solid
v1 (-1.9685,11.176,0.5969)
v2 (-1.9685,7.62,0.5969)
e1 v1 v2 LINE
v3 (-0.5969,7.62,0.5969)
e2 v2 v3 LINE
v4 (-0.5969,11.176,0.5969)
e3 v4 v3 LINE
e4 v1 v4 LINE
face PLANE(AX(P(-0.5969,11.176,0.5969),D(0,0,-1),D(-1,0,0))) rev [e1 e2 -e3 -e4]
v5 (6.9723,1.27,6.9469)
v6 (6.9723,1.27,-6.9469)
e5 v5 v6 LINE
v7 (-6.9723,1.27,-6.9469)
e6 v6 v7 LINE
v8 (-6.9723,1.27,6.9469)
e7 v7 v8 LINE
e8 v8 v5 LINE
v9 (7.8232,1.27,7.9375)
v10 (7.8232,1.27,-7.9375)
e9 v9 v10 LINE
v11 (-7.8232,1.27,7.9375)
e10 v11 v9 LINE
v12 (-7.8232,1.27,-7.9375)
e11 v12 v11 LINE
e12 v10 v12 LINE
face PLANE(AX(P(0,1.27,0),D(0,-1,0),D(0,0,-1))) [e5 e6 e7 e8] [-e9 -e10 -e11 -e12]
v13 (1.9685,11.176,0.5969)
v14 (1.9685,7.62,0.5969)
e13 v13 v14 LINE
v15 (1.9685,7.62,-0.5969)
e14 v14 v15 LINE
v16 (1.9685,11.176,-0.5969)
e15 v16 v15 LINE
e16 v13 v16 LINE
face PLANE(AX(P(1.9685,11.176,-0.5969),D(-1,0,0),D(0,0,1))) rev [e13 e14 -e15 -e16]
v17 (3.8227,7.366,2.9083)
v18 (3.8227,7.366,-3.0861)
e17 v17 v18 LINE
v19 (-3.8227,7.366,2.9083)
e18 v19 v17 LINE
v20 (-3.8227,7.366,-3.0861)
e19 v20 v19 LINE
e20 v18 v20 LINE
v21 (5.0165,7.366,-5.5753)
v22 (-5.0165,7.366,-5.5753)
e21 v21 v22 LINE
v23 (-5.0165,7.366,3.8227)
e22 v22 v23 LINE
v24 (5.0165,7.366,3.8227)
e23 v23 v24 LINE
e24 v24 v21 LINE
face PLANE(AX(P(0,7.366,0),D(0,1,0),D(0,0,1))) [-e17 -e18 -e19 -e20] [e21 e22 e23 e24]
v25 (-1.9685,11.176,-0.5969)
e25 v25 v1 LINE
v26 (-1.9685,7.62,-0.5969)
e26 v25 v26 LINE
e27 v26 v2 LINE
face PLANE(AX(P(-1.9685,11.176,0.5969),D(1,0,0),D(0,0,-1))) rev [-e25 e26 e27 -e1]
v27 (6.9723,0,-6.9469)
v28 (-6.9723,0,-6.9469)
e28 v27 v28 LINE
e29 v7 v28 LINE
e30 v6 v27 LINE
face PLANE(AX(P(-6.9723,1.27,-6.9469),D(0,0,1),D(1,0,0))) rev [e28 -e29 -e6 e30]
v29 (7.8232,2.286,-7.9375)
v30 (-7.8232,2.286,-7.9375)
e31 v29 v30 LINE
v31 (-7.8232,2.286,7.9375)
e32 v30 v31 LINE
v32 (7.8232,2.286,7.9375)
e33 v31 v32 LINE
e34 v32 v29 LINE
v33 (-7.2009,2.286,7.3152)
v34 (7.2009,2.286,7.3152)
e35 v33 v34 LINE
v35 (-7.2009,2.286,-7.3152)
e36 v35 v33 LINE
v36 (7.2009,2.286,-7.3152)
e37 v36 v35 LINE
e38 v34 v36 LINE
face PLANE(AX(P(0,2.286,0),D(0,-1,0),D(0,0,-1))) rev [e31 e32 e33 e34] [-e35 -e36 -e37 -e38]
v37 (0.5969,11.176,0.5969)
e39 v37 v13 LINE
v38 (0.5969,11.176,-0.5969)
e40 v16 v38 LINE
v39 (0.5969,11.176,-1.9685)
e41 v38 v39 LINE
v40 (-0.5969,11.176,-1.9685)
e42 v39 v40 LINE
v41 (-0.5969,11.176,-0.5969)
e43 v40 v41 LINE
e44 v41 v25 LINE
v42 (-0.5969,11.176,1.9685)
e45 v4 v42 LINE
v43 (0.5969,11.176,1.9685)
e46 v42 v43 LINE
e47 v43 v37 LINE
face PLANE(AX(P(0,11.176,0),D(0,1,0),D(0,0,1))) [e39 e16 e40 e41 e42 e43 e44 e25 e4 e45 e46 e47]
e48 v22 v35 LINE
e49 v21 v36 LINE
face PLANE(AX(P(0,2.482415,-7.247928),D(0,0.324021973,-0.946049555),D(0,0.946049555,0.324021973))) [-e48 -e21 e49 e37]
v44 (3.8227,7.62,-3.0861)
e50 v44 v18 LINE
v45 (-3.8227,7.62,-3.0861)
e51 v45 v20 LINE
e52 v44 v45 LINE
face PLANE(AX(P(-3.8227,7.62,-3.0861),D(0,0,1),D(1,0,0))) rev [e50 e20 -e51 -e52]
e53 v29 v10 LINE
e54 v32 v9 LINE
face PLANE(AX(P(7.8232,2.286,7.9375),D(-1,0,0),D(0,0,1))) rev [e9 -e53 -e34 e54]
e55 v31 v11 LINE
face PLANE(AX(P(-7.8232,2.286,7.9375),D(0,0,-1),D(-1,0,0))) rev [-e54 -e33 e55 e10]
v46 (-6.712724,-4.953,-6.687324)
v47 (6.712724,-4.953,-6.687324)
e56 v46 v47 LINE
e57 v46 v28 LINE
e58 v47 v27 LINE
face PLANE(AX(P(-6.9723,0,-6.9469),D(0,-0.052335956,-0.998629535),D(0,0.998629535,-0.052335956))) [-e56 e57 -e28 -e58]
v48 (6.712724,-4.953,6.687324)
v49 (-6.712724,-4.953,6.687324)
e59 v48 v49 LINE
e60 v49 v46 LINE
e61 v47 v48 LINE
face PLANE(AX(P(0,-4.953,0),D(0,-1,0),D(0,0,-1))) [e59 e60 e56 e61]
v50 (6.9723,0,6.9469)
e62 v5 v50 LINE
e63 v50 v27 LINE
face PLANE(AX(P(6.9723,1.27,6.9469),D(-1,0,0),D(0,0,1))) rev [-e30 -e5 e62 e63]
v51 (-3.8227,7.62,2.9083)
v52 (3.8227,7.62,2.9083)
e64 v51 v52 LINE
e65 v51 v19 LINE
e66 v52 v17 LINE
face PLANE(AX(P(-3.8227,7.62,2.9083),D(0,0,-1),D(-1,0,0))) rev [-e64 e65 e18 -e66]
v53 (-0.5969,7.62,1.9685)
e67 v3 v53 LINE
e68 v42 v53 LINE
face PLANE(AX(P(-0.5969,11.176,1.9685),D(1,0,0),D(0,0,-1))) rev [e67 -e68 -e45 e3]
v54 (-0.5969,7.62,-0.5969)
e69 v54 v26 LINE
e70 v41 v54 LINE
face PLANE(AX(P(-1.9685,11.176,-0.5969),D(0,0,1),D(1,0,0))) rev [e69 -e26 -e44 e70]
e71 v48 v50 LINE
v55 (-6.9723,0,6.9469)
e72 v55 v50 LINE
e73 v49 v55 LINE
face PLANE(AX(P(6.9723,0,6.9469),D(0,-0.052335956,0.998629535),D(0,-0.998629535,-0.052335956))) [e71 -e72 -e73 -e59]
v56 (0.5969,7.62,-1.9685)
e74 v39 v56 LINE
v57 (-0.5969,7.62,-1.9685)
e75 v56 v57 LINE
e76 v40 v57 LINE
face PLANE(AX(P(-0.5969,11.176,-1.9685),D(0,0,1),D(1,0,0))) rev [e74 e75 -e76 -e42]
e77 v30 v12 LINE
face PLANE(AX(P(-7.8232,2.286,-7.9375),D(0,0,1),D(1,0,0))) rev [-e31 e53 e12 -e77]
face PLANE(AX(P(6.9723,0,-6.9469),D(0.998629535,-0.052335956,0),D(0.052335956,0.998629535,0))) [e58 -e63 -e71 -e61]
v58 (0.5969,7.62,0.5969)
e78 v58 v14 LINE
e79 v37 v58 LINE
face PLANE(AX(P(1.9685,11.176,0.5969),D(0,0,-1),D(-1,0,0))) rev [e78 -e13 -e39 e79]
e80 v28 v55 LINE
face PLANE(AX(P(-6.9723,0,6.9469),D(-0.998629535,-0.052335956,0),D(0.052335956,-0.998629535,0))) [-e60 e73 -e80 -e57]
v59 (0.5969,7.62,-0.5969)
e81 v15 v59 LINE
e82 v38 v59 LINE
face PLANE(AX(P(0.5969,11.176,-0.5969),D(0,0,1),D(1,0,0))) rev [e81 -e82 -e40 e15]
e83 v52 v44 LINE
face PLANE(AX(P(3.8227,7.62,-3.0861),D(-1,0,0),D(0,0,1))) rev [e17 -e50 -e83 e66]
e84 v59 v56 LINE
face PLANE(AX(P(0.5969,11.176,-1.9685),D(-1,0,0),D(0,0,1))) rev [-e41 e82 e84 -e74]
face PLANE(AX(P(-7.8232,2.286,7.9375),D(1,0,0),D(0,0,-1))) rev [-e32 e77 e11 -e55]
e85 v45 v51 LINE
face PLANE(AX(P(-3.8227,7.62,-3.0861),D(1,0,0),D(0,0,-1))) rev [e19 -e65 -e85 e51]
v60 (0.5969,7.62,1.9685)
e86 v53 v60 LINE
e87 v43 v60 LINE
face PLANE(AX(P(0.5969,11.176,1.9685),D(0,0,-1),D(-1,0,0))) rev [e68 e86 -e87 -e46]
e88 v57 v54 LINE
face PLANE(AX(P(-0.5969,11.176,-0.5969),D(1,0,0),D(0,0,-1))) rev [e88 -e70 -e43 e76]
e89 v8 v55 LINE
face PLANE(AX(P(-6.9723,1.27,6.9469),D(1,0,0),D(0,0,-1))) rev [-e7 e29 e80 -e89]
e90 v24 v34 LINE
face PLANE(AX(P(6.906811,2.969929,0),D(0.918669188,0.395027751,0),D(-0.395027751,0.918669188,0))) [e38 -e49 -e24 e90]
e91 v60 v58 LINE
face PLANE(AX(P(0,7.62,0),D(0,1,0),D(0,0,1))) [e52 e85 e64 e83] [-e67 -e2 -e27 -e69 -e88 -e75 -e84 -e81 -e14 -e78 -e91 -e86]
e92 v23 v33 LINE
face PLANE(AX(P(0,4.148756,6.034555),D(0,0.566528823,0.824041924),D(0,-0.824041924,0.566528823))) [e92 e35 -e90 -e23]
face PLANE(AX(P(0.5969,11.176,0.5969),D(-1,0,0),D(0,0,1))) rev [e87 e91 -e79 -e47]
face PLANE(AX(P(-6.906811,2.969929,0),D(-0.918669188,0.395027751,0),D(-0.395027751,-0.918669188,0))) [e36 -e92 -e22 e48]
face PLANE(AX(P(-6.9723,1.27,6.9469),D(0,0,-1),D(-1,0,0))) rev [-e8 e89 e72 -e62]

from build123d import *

# Parameters (mm, degrees)
SKETCH1_W           = 13.9446
SKETCH1_H           = 13.8938
BOSS_EXTRUDE1_DEPTH = 1.27
SKETCH2_W           = 15.6464
SKETCH2_H           = 15.875
BOSS_EXTRUDE2_DEPTH = 1.016
SKETCH6_W           = 7.6454
SKETCH6_H           = 5.9944
BOSS_EXTRUDE4_DEPTH = 0.254
BOSS_EXTRUDE5_DEPTH = 3.556
SKETCH8_W           = 13.9446
SKETCH8_H           = 13.8938
BOSS_EXTRUDE6_DEPTH = 4.953
BOSS_EXTRUDE6_TAPER = 3


with BuildPart() as part:
    # Sketch1 → Boss-Extrude1 (new body)
    with BuildSketch(Plane(origin=(0, 0, 0), x_dir=(1, 0, 0), z_dir=(0, 1, 0))):
        Rectangle(SKETCH1_W, SKETCH1_H)
    extrude(amount=BOSS_EXTRUDE1_DEPTH)

    # Sketch2 → Boss-Extrude2 (add)
    with BuildSketch(Plane(origin=(0, 1.27, 0), x_dir=(1, 0, 0), z_dir=(0, 1, 0))):
        Rectangle(SKETCH2_W, SKETCH2_H)
    extrude(amount=BOSS_EXTRUDE2_DEPTH)

    # Sketch4 → Loft1 section 0
    with BuildSketch(Plane(origin=(0, 7.366, 0), x_dir=(1, 0, 0), z_dir=(0, 1, 0))):
        with BuildLine():
            Line((-5.0165, 5.5753), (5.0165, 5.5753))
            Line((5.0165, 5.5753), (5.0165, -3.8227))
            Line((5.0165, -3.8227), (-5.0165, -3.8227))
            Line((-5.0165, -3.8227), (-5.0165, 5.5753))
        make_face()
    # Sketch3 → Loft1 section 1
    with BuildSketch(Plane(origin=(0, 2.286, 0), x_dir=(1, 0, 0), z_dir=(0, 1, 0))):
        with BuildLine():
            Line((-7.2009, -7.3152), (7.2009, -7.3152))
            Line((7.2009, -7.3152), (7.2009, 7.3152))
            Line((7.2009, 7.3152), (-7.2009, 7.3152))
            Line((-7.2009, 7.3152), (-7.2009, -7.3152))
        make_face()
    loft()

    # Sketch6 → Boss-Extrude4 (add)
    with BuildSketch(Plane(origin=(0, 7.366, 0), x_dir=(1, 0, 0), z_dir=(0, 1, 0))):
        with Locations((0, 0.0889)):
            Rectangle(SKETCH6_W, SKETCH6_H)
    extrude(amount=BOSS_EXTRUDE4_DEPTH)

    # Sketch7 → Boss-Extrude5 (add)
    with BuildSketch(Plane(origin=(0, 7.62, 0), x_dir=(1, 0, 0), z_dir=(0, 1, 0))):
        Polygon((-0.5969, 0.5969), (-0.5969, 1.9685), (0.5969, 1.9685), (0.5969, 0.5969), (1.9685, 0.5969), (1.9685, -0.5969), (0.5969, -0.5969), (0.5969, -1.9685), (-0.5969, -1.9685), (-0.5969, -0.5969), (-1.9685, -0.5969), (-1.9685, 0.5969), align=None)
    extrude(amount=BOSS_EXTRUDE5_DEPTH)

    # Sketch8 → Boss-Extrude6 (add)
    with BuildSketch(Plane.XZ):
        Rectangle(SKETCH8_W, SKETCH8_H)
    extrude(amount=BOSS_EXTRUDE6_DEPTH, taper=BOSS_EXTRUDE6_TAPER)


solid = part.part
